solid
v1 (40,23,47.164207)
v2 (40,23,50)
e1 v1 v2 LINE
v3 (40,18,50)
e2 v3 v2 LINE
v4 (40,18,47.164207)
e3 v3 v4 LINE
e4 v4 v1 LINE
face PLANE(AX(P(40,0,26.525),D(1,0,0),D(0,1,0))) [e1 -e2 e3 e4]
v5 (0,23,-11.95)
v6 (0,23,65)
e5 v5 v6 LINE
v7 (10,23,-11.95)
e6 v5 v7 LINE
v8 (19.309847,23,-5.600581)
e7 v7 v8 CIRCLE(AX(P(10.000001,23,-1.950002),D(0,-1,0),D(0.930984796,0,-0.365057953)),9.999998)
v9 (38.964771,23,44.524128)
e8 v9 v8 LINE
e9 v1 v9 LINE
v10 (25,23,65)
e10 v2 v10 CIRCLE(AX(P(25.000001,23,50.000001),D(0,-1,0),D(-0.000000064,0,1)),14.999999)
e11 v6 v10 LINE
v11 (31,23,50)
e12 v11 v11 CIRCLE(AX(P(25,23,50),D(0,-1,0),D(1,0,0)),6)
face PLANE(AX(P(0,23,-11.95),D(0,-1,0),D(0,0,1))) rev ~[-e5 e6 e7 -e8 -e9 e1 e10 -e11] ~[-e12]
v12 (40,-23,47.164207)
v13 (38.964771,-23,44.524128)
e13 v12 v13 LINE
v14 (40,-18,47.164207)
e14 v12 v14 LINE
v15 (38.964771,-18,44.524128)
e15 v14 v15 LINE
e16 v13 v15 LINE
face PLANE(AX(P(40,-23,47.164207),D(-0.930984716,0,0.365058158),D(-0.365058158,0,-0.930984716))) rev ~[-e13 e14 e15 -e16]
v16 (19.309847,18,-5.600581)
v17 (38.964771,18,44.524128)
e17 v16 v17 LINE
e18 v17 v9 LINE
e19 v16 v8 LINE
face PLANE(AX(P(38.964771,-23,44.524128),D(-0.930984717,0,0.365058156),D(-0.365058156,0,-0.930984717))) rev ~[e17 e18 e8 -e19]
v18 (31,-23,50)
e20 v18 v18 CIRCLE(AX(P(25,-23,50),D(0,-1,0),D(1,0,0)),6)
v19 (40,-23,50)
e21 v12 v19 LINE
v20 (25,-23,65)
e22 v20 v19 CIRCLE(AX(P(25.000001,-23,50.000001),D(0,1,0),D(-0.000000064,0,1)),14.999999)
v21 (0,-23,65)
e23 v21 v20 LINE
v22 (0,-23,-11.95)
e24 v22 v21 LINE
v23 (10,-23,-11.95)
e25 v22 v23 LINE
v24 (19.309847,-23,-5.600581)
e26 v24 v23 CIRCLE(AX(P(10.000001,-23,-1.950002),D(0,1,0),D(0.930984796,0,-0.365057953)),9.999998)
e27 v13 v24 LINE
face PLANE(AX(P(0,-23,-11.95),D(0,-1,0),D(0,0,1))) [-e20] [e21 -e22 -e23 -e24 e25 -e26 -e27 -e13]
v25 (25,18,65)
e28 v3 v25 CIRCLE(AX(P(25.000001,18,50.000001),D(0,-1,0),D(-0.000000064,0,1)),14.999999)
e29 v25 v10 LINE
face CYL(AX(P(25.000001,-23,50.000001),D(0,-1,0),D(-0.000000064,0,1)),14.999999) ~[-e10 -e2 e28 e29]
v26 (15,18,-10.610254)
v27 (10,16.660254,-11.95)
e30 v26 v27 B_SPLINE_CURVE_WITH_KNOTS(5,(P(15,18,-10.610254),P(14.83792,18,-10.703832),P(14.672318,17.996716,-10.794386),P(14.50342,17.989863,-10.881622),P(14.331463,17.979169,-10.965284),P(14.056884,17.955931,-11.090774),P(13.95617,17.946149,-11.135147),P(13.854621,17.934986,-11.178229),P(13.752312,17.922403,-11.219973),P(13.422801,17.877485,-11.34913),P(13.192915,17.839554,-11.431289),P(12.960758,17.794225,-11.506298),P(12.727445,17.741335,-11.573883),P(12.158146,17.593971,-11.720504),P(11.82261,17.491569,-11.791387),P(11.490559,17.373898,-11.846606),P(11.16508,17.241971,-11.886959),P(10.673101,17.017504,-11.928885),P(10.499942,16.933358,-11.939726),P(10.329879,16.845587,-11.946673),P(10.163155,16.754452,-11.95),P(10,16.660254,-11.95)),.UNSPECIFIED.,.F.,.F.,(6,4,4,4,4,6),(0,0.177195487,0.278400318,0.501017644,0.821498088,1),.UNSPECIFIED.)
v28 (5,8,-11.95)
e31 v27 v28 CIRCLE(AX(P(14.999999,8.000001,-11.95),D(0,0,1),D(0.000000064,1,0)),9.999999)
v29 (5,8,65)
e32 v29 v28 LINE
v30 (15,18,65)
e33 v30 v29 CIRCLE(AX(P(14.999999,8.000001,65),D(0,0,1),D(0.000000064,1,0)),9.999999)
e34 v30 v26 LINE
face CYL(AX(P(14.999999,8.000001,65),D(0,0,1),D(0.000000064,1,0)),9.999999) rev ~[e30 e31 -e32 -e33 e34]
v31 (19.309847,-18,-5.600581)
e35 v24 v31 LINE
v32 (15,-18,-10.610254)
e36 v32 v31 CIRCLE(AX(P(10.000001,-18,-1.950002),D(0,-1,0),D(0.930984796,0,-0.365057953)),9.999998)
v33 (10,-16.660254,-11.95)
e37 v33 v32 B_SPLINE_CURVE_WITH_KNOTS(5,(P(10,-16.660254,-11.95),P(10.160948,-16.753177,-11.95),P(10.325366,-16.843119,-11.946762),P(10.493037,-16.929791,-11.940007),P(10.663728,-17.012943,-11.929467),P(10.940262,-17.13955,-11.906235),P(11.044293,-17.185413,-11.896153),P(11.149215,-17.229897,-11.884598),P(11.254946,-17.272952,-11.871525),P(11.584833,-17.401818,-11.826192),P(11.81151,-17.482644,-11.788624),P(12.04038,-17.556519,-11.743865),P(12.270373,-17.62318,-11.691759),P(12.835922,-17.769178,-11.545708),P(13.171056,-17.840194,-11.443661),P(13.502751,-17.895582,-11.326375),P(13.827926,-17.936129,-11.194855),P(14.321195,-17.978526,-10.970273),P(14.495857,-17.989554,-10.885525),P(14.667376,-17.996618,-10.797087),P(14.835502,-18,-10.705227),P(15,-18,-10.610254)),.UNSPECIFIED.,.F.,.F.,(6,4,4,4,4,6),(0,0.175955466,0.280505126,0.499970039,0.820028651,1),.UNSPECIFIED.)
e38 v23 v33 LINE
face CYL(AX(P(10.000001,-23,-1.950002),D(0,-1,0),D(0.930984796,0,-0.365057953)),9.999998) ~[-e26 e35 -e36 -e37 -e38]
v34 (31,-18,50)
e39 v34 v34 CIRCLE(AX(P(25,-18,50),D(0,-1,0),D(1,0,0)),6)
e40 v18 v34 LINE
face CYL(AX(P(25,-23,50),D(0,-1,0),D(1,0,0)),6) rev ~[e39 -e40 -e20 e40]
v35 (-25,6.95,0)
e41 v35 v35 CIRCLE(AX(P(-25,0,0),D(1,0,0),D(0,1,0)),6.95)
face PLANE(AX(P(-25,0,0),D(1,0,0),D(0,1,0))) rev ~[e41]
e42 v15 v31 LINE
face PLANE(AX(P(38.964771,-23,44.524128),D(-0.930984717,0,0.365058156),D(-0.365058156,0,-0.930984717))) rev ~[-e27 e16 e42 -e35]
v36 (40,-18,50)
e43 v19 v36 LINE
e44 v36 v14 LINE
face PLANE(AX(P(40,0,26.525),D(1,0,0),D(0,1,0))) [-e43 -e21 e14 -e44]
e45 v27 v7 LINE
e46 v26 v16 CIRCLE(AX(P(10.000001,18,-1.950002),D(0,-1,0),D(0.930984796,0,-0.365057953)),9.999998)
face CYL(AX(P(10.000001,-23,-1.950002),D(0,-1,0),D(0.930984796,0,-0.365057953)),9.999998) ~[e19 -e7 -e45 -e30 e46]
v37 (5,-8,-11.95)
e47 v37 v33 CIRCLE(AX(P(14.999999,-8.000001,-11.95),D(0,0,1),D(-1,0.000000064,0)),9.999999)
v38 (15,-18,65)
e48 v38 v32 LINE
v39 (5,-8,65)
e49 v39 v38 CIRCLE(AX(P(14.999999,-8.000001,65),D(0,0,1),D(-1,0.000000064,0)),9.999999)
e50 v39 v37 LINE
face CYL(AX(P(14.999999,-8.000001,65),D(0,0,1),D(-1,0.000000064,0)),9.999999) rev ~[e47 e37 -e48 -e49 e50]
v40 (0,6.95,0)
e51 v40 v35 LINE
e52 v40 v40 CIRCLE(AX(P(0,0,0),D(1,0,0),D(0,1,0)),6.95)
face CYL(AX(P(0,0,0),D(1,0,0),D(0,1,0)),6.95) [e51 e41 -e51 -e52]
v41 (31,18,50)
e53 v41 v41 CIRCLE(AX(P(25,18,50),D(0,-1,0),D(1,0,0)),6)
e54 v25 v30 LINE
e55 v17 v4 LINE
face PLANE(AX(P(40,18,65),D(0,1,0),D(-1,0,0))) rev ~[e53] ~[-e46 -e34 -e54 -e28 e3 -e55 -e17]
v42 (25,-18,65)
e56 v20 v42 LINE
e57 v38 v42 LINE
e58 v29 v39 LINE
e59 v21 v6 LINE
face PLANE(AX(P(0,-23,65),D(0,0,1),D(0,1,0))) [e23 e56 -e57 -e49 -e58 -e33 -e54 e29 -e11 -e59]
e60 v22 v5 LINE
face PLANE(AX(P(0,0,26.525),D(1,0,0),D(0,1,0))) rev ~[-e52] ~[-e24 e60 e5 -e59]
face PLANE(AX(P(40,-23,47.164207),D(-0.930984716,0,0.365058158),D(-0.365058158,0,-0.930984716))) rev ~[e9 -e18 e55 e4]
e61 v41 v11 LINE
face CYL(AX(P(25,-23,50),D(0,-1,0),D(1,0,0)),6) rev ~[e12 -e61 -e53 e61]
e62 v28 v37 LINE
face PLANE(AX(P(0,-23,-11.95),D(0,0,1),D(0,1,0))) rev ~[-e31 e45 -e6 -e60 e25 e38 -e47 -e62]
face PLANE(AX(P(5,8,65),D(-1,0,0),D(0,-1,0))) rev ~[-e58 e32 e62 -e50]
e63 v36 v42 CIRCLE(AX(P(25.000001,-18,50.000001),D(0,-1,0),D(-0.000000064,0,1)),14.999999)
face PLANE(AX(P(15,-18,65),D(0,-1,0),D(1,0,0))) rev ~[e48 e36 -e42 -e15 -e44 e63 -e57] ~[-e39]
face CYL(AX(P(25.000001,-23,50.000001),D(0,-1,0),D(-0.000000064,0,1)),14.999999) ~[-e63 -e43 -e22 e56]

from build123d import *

# Parameters (mm, degrees)
F0_R     = 6.95
F1_DEPTH = 25
F2_W     = 46
F2_H     = 76.95
F2_R     = 6.95
F3_DEPTH = 40
F5_DEPTH = 76.951
F6_R     = 6
F7_DEPTH = 46.001


with BuildPart() as f1:
    # F0 (on Right) → F1 (new body)
    with BuildSketch(Plane.YZ):
        Circle(F0_R)
    extrude(amount=-F1_DEPTH)

    # F2 (on Right) → F3 (join)
    with BuildSketch(Plane.YZ):
        with Locations((0, 26.525)):
            Rectangle(F2_W, F2_H)
        Circle(F2_R, mode=Mode.SUBTRACT)
        Circle(F2_R)
    extrude(amount=F3_DEPTH)

    # F4 (on face) → F5 (cut, through all)
    with BuildSketch(Plane.XY.offset(65)):
        with BuildLine():
            Line((40, -18), (40, 18))
            Line((40, 18), (15, 18))
            ThreePointArc((15, 18), (7.928932, 15.071068), (5, 8))
            Line((5, 8), (5, -8))
            ThreePointArc((5, -8), (7.928932, -15.071068), (15, -18))
            Line((15, -18), (40, -18))
        make_face()
    extrude(amount=-F5_DEPTH, mode=Mode.SUBTRACT)

    # F6 (on face) → F7 (cut, through all)
    with BuildSketch(Plane.XZ.offset(23)):
        with BuildLine():
            Line((40, 50), (40, 65))
            Line((40, 65), (25, 65))
            ThreePointArc((25, 65), (35.606602, 60.606602), (40, 50))
        make_face()
        with BuildLine():
            Line((40, -11.95), (40, 47.164207))
            Line((40, 47.164207), (38.964771, 44.524128))
            Line((38.964771, 44.524128), (19.309847, -5.600581))
            ThreePointArc((19.309847, -5.600581), (15.634456, -10.211532), (10, -11.95))
            Line((10, -11.95), (40, -11.95))
        make_face()
        with Locations((25, 50)):
            Circle(F6_R)
    extrude(amount=-F7_DEPTH, mode=Mode.SUBTRACT)


solid = f1.part
